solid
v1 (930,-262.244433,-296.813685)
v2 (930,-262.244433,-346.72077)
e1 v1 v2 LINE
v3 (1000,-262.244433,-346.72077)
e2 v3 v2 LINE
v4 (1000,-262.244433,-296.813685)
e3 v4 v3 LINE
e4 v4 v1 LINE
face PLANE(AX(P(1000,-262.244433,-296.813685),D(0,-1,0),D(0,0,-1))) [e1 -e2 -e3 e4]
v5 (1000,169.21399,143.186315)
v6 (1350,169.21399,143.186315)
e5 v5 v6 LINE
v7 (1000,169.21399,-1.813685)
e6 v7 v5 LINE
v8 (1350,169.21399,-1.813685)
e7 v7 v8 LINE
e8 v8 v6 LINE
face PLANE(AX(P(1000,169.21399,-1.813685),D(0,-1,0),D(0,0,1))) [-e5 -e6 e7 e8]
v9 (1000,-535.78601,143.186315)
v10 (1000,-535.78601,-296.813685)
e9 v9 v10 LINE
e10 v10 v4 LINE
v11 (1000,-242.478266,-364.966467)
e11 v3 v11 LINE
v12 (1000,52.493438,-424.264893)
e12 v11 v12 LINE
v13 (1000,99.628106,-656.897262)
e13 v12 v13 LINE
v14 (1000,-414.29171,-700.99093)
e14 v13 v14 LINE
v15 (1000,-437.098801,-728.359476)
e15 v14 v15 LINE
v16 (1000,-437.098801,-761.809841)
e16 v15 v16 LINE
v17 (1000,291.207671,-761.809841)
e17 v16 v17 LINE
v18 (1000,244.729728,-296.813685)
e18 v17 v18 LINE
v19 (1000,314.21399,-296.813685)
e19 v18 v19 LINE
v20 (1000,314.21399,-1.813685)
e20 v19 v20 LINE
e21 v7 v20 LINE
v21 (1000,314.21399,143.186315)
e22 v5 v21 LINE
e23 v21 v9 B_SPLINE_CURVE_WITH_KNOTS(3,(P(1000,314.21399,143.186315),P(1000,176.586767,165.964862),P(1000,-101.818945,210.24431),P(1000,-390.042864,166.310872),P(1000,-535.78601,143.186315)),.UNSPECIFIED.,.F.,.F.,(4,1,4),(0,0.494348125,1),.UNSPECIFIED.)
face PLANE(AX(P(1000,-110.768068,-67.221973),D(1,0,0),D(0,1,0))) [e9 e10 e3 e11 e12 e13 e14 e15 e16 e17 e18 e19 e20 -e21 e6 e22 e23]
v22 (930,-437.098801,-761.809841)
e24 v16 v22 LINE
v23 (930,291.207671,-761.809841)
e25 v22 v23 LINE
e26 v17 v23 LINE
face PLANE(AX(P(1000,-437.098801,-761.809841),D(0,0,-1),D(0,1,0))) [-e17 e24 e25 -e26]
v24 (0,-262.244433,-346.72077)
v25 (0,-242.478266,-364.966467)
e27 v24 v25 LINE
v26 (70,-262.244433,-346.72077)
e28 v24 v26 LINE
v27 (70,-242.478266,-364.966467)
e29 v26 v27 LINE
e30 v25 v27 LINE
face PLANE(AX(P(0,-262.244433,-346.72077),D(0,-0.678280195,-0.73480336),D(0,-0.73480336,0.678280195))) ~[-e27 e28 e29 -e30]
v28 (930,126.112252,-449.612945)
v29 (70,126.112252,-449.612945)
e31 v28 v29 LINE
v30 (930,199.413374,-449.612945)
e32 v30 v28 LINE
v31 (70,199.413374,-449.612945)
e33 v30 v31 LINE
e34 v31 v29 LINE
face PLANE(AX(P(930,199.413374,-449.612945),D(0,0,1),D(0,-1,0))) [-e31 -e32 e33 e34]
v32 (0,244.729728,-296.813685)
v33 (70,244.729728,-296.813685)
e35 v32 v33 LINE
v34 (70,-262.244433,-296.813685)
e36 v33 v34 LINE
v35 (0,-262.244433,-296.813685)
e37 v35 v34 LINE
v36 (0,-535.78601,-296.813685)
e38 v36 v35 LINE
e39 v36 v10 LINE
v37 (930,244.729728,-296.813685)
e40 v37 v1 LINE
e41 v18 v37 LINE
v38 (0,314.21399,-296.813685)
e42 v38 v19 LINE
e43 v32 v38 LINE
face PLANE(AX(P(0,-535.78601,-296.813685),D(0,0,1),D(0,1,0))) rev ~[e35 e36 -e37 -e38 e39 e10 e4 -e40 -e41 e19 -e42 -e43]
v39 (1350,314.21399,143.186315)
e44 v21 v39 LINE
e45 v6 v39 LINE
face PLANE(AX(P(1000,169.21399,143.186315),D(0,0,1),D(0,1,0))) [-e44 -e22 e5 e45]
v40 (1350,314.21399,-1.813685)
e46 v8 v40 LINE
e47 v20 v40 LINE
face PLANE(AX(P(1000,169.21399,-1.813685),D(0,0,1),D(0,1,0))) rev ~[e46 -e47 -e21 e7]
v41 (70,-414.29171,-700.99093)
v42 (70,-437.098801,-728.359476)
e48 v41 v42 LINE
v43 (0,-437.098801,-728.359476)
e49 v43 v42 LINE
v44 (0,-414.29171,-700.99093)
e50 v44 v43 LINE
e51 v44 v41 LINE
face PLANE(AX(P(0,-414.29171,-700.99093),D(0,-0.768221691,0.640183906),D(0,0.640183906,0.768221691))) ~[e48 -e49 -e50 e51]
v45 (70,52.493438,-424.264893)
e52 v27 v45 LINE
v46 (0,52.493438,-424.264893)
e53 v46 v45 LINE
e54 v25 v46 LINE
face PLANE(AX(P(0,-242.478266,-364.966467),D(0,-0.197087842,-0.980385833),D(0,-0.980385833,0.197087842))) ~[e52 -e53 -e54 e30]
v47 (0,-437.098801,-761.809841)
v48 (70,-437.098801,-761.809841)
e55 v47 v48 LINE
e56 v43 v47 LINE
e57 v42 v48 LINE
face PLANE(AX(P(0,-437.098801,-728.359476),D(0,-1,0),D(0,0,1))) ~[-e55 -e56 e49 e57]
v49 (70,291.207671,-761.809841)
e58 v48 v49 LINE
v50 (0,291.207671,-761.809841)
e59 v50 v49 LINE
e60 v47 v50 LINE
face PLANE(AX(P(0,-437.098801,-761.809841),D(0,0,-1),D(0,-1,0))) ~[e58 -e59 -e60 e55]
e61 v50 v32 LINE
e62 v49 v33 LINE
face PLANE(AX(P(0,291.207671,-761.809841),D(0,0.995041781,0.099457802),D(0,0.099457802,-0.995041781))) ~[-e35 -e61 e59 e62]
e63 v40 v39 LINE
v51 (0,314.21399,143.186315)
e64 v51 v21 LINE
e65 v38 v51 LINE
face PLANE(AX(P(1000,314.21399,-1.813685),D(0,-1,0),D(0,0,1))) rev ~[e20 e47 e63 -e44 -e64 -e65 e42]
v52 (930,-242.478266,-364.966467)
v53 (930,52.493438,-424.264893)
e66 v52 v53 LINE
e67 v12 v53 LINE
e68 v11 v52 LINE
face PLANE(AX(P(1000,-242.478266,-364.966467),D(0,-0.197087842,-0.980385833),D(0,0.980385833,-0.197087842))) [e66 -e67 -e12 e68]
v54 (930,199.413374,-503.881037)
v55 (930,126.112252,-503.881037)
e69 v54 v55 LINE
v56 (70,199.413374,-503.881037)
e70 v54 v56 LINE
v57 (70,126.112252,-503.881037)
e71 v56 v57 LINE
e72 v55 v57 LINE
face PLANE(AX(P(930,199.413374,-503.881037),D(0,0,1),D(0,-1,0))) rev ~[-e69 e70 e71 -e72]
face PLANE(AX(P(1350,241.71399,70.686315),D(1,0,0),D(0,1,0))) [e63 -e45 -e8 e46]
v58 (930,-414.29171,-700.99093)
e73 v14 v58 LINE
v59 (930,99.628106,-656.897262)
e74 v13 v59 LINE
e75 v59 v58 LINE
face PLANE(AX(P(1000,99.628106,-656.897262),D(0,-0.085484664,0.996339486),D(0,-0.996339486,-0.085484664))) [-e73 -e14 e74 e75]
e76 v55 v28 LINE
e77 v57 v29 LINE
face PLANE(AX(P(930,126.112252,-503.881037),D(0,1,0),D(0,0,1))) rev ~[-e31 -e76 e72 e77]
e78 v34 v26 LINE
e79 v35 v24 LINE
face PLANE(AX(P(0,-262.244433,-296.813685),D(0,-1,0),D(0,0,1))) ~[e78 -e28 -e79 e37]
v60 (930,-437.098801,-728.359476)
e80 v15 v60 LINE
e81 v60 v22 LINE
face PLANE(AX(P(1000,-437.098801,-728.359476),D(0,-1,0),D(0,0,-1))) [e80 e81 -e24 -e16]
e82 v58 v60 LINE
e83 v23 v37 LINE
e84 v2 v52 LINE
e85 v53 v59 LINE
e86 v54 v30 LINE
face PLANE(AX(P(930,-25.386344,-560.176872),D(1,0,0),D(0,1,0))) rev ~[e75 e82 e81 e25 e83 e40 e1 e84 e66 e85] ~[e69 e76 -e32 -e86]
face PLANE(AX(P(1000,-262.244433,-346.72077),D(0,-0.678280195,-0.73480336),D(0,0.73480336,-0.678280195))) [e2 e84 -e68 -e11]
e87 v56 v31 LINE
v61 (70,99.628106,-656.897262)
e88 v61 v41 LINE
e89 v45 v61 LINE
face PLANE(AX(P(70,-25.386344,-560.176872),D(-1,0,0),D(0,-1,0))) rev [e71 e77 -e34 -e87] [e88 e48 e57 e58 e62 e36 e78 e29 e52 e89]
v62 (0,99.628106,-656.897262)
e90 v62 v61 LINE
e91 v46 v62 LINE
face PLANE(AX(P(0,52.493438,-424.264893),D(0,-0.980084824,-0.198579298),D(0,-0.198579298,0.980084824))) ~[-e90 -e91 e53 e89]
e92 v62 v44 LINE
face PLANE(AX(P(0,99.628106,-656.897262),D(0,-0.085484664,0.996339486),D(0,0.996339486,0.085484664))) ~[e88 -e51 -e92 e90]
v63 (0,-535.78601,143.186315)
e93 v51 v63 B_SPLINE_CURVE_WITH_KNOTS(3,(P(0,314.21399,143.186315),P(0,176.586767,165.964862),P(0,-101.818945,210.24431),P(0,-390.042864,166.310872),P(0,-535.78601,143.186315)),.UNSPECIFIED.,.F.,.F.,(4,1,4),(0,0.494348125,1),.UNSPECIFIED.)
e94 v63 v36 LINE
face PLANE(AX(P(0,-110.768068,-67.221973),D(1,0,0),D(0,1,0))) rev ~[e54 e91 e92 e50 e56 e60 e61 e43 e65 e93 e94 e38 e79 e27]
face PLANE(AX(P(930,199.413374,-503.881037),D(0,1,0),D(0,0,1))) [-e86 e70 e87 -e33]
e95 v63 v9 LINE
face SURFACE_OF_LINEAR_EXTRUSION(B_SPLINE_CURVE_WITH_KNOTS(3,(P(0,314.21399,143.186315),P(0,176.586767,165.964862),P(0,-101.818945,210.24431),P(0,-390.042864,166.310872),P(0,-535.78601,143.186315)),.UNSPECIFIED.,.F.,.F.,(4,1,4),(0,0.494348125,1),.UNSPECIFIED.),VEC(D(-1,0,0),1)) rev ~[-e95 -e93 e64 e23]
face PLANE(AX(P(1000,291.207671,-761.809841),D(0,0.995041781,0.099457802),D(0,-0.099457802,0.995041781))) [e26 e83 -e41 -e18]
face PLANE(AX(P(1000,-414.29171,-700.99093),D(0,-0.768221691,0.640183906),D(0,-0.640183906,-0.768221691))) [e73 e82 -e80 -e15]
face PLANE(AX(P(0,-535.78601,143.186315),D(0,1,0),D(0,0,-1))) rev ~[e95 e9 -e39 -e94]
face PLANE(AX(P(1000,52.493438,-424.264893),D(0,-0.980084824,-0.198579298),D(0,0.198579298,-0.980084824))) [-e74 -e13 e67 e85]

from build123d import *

# Parameters (mm, degrees)
F1_DEPTH = 1000
F2_W     = 145
F2_H     = 145
F3_DEPTH = 350
F5_DEPTH = 70
F8_W     = 73.3011215925
F8_H     = 54.268091917
F9_DEPTH = 860


with BuildPart() as f1:
    # F0 (on Right) → F1 (new body)
    with BuildSketch(Plane.YZ):
        with BuildLine():
            Line((-535.786010325, -296.8136846698), (314.213989675, -296.8136846698))
            Line((314.213989675, -296.8136846698), (314.213989675, 143.1863153302))
            add(Edge.make_bspline(
                [(314.213989675, 143.1863153302), (176.5867674254, 165.9648621816), (-101.8189451009, 210.2443102405), (-390.0428643628, 166.3108724655), (-535.786010325, 143.1863153302)],
                knots=[0, 0, 0, 0, 0.4943481252, 1, 1, 1, 1], degree=3))
            Line((-535.786010325, 143.1863153302), (-535.786010325, -296.8136846698))
        make_face()
    extrude(amount=F1_DEPTH)

    # F2 (on face) → F3 (join)
    with BuildSketch(Plane.YZ.offset(1000)):
        with Locations((241.713989675, 70.6863153302)):
            Rectangle(F2_W, F2_H)
    extrude(amount=F3_DEPTH)

    # F7: F5 across plane


with BuildPart() as f5:
    # F4 (on face) → F5 (new body)
    with BuildSketch(Plane.YZ.offset(1000)):
        Polygon((291.2076711655, -761.8098408201), (244.7297275066, -296.8136846698), (-262.2444331646, -296.8136846698), (-262.2444331646, -346.7207700231), (-242.4782663584, -364.9664670446), (52.4934381247, -424.2648929575), (99.6281057596, -656.8972617605), (-414.2917096615, -700.9909302213), (-437.098801136, -728.3594757536), (-437.098801136, -761.8098408201), align=None)
    extrude(amount=-F5_DEPTH)


with BuildPart() as f1_1:
    add(f1.part)
    add(f5.part.mirror(Plane(origin=(500, -120.4719590478, -66.200953195), x_dir=(0, 1, 0), z_dir=(-1, 0, 0))))


    add(f5.part)  # F9 merges F5
    # F8 (on face) → F9 (join, through all)
    with BuildSketch(Plane(origin=(930, 0, 0), x_dir=(0, -1, 0), z_dir=(-1, 0, 0))):
        with Locations((-162.7628132701, -476.7469912767)):
            Rectangle(F8_W, F8_H)
    extrude(amount=F9_DEPTH)


solid = f1_1.part
